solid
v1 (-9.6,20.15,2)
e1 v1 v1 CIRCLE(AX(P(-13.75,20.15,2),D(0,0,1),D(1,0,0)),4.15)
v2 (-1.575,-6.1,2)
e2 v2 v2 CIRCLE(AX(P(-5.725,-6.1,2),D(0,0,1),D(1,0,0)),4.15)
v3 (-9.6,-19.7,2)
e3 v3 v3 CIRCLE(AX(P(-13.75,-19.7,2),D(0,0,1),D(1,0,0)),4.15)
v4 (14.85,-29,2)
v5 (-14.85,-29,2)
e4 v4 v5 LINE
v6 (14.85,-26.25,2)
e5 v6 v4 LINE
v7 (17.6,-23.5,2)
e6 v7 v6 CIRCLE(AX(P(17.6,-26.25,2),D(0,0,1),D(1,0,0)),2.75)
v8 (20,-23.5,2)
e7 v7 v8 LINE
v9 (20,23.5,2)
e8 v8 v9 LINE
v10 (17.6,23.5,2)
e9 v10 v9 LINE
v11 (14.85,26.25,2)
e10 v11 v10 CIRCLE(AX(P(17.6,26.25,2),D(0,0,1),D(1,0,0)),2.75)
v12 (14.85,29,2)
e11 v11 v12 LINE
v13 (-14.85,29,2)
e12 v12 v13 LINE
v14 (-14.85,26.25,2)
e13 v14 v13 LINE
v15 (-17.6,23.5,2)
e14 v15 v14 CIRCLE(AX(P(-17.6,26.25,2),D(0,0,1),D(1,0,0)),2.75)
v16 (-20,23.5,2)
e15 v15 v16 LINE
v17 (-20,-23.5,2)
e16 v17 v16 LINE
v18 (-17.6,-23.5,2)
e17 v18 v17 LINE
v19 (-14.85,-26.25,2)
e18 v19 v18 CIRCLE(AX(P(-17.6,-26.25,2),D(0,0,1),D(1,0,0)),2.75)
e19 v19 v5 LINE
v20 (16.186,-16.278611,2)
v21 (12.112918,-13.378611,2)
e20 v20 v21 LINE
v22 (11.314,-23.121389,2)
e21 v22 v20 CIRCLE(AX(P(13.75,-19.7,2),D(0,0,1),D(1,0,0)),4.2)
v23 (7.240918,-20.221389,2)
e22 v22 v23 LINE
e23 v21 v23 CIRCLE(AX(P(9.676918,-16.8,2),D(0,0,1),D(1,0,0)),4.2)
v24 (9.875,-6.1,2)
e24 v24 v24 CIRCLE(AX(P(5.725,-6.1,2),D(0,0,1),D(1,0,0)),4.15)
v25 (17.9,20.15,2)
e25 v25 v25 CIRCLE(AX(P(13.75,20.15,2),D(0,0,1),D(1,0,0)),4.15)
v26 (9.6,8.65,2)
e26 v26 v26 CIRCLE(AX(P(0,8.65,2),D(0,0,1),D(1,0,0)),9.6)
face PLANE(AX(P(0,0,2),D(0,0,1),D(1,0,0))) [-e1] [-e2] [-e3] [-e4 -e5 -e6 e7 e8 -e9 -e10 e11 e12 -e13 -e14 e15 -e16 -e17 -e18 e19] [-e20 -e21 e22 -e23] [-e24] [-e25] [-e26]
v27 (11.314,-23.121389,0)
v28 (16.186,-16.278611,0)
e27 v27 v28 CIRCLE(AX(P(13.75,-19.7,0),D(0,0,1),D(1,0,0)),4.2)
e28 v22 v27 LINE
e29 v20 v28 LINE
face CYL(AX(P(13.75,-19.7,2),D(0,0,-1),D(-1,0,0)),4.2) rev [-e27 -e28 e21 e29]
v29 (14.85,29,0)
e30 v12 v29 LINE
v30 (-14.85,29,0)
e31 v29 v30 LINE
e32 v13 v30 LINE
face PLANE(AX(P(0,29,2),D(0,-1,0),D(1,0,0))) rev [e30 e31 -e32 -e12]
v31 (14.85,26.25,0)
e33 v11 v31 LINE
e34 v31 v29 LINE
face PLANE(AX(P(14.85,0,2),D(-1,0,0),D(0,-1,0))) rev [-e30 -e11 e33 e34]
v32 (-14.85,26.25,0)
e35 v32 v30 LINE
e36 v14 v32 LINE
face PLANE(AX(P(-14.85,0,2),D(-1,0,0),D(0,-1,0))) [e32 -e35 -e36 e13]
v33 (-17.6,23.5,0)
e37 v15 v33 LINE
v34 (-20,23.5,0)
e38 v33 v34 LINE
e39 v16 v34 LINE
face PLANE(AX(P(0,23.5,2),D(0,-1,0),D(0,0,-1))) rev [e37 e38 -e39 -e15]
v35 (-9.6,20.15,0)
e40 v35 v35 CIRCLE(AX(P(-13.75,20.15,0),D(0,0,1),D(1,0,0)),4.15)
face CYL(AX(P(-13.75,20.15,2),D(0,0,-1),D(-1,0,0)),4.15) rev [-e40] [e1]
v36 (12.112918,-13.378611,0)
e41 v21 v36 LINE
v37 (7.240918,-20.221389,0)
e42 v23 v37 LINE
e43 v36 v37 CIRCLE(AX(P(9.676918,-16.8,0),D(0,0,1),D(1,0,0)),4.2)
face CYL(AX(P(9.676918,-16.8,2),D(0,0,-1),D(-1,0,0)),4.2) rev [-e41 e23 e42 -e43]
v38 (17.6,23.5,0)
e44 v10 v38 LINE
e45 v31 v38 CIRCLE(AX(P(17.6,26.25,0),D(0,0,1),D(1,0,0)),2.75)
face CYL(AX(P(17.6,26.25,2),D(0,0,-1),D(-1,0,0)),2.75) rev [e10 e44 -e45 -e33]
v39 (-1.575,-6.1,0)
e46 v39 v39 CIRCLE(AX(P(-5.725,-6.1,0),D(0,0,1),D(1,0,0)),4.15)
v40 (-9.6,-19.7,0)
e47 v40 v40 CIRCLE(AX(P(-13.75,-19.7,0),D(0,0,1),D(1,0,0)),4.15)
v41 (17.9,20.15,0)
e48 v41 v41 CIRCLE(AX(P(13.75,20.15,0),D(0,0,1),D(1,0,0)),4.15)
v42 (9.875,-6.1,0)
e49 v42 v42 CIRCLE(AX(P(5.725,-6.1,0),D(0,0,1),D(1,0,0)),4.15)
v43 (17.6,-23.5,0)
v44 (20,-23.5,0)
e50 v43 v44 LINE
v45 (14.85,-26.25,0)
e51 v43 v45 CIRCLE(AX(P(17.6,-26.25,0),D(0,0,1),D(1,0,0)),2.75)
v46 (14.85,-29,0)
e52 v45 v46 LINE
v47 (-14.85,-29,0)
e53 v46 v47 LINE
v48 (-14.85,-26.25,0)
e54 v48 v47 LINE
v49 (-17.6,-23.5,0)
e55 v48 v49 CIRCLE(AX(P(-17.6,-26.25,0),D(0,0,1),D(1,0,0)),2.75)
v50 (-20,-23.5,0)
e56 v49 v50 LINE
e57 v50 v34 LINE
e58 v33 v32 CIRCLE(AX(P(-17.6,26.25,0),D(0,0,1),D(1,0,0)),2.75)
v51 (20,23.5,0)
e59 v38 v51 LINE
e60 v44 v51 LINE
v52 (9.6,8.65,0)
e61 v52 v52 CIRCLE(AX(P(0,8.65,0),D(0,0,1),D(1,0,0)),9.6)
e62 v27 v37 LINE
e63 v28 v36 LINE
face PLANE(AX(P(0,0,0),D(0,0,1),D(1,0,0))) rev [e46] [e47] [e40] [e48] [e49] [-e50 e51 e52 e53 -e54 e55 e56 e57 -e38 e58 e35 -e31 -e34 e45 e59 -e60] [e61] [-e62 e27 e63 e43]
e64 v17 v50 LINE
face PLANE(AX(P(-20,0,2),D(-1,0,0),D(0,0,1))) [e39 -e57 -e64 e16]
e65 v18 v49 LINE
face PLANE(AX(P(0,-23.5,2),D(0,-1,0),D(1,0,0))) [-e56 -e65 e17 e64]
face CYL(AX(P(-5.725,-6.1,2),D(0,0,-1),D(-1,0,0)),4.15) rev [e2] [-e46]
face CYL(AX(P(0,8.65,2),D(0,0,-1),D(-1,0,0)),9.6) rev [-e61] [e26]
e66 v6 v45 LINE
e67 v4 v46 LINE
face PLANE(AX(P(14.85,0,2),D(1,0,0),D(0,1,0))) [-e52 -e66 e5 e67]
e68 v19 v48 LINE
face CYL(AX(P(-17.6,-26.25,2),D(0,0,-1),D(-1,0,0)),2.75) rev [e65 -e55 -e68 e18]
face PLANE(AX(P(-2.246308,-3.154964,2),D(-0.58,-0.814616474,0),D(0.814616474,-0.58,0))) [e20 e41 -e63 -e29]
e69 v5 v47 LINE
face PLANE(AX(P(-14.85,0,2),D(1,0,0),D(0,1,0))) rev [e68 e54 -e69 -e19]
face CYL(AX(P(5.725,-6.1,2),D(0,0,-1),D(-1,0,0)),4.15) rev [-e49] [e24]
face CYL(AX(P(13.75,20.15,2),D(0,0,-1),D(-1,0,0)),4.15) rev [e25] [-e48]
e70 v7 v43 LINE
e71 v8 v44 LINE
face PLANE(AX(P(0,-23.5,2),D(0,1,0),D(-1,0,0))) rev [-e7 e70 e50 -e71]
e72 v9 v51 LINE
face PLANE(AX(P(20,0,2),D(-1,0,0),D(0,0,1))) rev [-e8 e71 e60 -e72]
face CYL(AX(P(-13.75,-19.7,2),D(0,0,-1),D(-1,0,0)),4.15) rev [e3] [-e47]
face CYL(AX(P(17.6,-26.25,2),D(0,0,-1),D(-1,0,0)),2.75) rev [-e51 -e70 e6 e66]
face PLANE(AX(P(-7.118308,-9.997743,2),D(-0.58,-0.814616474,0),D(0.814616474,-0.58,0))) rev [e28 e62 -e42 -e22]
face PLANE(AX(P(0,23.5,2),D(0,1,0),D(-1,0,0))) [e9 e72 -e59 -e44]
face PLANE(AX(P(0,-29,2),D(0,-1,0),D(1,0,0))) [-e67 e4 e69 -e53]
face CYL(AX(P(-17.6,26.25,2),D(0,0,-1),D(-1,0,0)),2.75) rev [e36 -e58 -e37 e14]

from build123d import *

# Parameters (mm, degrees)
SKETCH1_R           = 4.15
SKETCH1_R_2         = 9.6
BOSS_EXTRUDE1_DEPTH = 2


with BuildPart() as part:
    # Sketch1 → Boss-Extrude1 (new body)
    with BuildSketch(Plane.XY):
        with BuildLine():
            Line((-14.85, 29), (-14.85, 26.25))
            ThreePointArc((-14.85, 26.25), (-15.655456352, 24.305456352), (-17.6, 23.5))
            Line((-17.6, 23.5), (-20, 23.5))
            Line((-20, 23.5), (-20, -23.5))
            Line((-20, -23.5), (-17.6, -23.5))
            ThreePointArc((-17.6, -23.5), (-15.655456352, -24.305456352), (-14.85, -26.25))
            Line((-14.85, -26.25), (-14.85, -29))
            Line((-14.85, -29), (14.85, -29))
            Line((14.85, -29), (14.85, -26.25))
            ThreePointArc((14.85, -26.25), (15.655456352, -24.305456352), (17.6, -23.5))
            Line((17.6, -23.5), (20, -23.5))
            Line((20, -23.5), (20, 23.5))
            Line((20, 23.5), (17.6, 23.5))
            ThreePointArc((17.6, 23.5), (15.655456352, 24.305456352), (14.85, 26.25))
            Line((14.85, 26.25), (14.85, 29))
            Line((14.85, 29), (-14.85, 29))
        make_face()
        with Locations((-13.75, -19.7)):
            Circle(SKETCH1_R, mode=Mode.SUBTRACT)
        with Locations((-5.725, -6.1)):
            Circle(SKETCH1_R, mode=Mode.SUBTRACT)
        with BuildLine():
            ThreePointArc((16.186, -16.278610808), (17.171389192, -22.136), (11.314, -23.121389192))
            Line((11.314, -23.121389192), (7.240917629, -20.221389192))
            ThreePointArc((7.240917629, -20.221389192), (6.255528438, -14.364), (12.112917629, -13.378610808))
            Line((12.112917629, -13.378610808), (16.186, -16.278610808))
        make_face(mode=Mode.SUBTRACT)
        with Locations((5.725, -6.1)):
            Circle(SKETCH1_R, mode=Mode.SUBTRACT)
        with Locations((0, 8.65)):
            Circle(SKETCH1_R_2, mode=Mode.SUBTRACT)
        with Locations((-13.75, 20.15)):
            Circle(SKETCH1_R, mode=Mode.SUBTRACT)
        with Locations((13.75, 20.15)):
            Circle(SKETCH1_R, mode=Mode.SUBTRACT)
    extrude(amount=BOSS_EXTRUDE1_DEPTH)


solid = part.part
